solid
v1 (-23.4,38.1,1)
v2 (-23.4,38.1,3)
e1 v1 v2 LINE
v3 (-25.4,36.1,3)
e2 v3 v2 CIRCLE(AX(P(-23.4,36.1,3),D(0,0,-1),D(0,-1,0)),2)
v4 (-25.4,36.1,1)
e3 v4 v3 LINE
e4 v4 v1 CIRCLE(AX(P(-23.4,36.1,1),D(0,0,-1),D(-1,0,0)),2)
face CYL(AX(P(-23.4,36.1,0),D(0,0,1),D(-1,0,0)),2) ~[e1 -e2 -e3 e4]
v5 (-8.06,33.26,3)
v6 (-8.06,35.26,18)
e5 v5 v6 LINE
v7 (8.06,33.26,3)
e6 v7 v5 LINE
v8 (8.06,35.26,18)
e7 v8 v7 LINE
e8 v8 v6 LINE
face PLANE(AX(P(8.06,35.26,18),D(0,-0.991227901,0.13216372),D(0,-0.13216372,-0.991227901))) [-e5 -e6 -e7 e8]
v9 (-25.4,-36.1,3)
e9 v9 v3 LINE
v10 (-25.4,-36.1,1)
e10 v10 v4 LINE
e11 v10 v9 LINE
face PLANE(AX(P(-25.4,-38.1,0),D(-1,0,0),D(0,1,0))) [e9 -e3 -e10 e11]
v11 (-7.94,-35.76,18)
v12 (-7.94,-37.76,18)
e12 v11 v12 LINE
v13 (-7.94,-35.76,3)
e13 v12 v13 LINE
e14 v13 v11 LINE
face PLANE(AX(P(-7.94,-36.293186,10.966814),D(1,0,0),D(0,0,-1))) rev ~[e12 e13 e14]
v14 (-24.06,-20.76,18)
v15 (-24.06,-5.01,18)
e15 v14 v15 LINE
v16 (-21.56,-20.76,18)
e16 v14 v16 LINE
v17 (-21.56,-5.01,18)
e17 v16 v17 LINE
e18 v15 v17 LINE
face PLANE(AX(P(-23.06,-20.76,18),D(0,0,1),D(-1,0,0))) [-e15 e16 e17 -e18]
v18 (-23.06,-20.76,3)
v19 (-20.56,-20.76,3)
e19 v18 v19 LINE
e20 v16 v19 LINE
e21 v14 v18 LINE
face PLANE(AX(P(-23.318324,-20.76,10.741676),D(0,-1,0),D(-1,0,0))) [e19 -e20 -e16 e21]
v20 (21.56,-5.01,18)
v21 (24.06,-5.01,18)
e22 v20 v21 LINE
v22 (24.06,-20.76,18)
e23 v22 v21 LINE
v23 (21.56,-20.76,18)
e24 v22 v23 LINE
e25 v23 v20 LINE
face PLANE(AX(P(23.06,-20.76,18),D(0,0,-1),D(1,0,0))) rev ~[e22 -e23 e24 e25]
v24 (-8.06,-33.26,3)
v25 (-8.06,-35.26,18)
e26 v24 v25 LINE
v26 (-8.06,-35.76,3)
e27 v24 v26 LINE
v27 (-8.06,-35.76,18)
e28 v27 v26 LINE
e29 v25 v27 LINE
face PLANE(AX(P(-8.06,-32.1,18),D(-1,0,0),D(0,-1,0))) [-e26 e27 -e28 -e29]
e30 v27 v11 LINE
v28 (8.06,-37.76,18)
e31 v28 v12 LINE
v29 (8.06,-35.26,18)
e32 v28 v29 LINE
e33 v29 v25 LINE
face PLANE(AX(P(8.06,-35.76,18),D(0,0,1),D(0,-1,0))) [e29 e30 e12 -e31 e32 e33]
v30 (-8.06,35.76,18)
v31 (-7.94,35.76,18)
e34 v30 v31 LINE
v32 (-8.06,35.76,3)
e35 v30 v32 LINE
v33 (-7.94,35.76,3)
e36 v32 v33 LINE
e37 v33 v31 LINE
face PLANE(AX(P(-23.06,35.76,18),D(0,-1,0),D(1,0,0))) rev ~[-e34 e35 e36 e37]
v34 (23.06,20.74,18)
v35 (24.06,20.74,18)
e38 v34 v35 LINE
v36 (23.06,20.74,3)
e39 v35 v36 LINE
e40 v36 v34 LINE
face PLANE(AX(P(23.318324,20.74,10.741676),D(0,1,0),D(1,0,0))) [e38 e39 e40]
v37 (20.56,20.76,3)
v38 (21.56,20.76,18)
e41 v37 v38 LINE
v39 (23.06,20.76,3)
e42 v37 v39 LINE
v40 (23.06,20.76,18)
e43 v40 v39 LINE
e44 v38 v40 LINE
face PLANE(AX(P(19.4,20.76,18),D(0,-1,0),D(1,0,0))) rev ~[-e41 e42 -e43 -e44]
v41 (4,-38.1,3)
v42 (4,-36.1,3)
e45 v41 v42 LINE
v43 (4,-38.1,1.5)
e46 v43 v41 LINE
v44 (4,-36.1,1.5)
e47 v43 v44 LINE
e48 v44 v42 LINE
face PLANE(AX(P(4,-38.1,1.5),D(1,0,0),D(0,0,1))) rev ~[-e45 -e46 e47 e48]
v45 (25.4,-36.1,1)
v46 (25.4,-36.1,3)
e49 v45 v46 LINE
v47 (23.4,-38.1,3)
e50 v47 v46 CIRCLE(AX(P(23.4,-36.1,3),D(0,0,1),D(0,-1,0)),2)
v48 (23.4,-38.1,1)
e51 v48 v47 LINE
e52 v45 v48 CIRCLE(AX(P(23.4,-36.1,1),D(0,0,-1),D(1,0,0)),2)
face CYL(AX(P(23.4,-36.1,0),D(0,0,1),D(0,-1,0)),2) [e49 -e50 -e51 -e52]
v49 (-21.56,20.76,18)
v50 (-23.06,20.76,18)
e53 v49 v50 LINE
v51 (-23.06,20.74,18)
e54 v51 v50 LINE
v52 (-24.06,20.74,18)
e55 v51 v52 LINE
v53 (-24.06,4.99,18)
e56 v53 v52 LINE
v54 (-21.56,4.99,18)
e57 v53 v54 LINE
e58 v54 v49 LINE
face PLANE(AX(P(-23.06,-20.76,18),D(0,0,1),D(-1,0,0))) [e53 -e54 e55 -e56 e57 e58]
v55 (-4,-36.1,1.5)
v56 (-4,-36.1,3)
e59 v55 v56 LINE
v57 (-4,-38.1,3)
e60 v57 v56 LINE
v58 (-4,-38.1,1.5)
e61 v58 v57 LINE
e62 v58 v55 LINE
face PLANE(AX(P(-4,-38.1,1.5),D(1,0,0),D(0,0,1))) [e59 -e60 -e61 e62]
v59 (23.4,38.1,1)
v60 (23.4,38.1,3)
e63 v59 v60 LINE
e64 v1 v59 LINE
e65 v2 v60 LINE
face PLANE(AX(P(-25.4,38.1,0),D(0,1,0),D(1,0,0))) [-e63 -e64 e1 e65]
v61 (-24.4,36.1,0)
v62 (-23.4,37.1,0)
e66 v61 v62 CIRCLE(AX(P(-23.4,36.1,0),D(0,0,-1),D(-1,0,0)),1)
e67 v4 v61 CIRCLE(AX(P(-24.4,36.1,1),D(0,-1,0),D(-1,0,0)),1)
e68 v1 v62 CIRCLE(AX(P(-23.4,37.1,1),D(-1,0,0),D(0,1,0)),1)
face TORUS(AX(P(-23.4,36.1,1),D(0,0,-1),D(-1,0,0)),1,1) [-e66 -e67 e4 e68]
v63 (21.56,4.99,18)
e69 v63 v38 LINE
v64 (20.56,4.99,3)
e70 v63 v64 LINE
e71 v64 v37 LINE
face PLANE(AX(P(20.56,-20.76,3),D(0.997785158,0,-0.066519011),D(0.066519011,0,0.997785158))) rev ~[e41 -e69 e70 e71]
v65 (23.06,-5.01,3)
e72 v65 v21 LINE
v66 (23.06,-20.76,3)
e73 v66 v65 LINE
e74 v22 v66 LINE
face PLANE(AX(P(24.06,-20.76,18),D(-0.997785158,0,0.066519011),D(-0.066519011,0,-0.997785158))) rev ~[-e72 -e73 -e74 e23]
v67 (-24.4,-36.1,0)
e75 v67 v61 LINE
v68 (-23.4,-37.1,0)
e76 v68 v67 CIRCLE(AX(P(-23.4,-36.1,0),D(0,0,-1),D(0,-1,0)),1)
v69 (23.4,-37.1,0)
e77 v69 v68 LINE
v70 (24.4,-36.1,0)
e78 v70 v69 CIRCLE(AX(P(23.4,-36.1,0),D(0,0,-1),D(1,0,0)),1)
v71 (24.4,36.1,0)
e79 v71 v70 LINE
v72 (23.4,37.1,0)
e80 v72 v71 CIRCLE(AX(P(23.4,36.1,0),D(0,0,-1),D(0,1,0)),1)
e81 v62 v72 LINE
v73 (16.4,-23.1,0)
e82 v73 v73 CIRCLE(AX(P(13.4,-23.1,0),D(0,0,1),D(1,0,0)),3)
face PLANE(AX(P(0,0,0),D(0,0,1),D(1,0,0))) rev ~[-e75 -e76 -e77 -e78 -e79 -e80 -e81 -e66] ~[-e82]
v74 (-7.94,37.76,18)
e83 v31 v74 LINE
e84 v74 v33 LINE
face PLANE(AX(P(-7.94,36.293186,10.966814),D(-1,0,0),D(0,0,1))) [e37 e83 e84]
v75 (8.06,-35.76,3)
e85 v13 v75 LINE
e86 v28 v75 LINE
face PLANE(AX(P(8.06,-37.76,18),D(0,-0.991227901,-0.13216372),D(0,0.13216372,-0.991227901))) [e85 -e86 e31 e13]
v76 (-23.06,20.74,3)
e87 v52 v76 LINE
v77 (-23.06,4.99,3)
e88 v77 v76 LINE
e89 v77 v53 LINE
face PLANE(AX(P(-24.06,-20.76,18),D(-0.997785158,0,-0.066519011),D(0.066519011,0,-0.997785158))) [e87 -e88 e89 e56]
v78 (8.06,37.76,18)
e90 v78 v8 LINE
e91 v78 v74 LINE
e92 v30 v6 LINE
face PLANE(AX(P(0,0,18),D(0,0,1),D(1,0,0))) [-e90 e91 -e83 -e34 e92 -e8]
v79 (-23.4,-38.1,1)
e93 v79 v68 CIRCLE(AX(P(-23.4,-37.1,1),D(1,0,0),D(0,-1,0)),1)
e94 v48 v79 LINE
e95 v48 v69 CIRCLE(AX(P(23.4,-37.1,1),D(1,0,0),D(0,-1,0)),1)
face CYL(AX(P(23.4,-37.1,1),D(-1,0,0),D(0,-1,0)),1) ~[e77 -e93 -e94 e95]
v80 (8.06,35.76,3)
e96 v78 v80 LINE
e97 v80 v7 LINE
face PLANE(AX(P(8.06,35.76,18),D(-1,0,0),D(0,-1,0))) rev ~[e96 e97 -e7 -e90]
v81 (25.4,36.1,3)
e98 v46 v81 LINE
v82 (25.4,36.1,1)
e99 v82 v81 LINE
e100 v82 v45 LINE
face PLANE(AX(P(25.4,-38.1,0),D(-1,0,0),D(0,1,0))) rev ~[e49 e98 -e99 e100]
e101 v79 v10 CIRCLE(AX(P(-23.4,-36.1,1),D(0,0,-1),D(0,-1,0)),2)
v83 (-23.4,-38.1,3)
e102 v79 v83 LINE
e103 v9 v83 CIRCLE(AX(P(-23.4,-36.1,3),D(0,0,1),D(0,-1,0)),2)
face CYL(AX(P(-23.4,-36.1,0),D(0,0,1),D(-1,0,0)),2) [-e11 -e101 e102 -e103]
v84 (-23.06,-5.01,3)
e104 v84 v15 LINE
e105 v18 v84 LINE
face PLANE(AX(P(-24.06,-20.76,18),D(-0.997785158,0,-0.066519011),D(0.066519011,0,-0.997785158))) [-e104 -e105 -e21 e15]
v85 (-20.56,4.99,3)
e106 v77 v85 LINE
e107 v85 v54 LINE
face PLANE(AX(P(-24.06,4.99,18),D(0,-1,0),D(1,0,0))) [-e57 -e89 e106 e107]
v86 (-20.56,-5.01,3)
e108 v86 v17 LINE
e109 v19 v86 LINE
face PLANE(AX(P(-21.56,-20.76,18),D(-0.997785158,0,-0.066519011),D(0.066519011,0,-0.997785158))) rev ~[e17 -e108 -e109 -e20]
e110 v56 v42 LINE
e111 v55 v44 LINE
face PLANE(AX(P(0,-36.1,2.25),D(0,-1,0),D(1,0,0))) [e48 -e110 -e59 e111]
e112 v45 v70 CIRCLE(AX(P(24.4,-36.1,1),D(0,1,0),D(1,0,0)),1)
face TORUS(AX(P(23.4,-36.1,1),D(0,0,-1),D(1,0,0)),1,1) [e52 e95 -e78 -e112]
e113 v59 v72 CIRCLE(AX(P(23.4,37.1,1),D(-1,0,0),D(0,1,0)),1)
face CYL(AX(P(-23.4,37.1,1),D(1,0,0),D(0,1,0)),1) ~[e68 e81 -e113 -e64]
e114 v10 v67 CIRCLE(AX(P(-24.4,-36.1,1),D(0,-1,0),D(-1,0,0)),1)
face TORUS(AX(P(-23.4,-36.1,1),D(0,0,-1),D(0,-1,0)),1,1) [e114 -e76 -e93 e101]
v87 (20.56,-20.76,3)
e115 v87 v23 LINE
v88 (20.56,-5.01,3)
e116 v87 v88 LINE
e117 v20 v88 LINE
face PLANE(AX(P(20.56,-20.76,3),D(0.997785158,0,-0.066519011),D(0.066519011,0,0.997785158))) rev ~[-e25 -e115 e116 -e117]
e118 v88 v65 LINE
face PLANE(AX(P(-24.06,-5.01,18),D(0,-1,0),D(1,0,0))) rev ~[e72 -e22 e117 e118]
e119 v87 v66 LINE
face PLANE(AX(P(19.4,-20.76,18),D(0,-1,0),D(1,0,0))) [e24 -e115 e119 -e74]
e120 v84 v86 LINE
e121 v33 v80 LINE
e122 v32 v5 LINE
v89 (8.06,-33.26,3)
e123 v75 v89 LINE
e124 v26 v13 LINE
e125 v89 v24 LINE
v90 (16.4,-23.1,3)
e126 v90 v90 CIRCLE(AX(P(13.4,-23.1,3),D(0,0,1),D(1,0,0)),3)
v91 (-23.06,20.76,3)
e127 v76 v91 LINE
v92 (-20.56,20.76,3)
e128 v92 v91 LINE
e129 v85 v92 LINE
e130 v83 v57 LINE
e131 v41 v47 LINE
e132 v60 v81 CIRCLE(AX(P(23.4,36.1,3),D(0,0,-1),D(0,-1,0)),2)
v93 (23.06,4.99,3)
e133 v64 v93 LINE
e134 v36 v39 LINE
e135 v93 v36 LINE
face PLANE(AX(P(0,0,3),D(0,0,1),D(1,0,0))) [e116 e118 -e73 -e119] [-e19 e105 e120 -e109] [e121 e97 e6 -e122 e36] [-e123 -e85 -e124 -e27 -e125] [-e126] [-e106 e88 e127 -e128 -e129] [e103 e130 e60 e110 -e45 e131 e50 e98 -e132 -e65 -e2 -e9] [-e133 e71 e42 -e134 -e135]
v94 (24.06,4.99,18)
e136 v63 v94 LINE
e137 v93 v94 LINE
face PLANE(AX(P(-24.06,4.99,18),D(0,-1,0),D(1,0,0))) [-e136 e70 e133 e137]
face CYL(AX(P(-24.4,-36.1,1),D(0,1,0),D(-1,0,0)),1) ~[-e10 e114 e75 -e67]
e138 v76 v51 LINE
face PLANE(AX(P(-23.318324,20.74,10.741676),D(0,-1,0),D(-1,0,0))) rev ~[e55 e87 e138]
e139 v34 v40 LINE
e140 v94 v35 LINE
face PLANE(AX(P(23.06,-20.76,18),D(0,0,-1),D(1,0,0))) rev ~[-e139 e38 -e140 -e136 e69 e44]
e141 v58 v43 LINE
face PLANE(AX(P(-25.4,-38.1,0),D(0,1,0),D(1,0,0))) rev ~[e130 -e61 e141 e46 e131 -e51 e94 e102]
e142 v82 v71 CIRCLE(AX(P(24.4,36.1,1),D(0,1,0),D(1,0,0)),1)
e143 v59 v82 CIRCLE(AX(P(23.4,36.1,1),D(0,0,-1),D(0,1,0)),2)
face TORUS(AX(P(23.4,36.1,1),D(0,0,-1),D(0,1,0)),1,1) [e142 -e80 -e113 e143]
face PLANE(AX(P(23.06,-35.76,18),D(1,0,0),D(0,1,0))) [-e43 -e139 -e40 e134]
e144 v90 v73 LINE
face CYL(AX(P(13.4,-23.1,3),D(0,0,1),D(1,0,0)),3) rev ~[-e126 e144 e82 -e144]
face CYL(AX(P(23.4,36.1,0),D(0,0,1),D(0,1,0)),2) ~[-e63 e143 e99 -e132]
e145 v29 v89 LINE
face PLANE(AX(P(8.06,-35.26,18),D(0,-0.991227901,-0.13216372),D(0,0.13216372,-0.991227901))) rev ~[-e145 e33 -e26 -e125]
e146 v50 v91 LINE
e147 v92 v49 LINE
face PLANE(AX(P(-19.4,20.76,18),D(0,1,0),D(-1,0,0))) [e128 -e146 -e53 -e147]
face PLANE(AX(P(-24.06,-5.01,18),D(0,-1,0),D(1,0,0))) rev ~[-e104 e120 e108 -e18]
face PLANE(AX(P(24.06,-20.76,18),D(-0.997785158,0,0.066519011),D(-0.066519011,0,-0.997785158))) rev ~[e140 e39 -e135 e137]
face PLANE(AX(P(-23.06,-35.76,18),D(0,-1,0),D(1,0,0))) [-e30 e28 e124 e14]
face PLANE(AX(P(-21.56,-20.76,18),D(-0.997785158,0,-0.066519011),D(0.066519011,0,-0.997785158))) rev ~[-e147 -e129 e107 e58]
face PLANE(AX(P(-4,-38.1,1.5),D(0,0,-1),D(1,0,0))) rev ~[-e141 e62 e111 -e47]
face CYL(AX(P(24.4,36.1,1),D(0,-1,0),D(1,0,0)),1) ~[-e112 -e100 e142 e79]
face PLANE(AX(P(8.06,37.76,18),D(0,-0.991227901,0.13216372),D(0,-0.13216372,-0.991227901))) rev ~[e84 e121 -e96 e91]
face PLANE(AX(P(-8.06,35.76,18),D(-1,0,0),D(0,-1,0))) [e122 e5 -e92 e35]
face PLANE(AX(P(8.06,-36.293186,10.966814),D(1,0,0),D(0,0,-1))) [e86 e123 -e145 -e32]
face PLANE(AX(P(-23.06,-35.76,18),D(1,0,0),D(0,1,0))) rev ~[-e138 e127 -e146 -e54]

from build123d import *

# Parameters (mm, degrees)
CROQUIS1_W              = 50.8
CROQUIS1_H              = 76.2
SALIENTE_EXTRUIR1_DEPTH = 18
CROQUIS2_W              = 50.8
CROQUIS2_H              = 76.2
CROQUIS2_W_2            = 46.12
CROQUIS2_H_2            = 71.52
CROQUIS2_W_3            = 38.8
CROQUIS2_H_3            = 64.2
CORTAR_EXTRUIR1_DEPTH   = 15
CORTAR_EXTRUIR8_DEPTH   = 15
SALIENTE_EXTRUIR3_DEPTH = 41.5
CORTAR_EXTRUIR9_DEPTH   = 51.5
CORTAR_EXTRUIR10_DEPTH  = 51.5
SALIENTE_EXTRUIR4_DEPTH = 16
CORTAR_EXTRUIR11_DEPTH  = 16.5
REDONDEO3_R             = 2
REDONDEO4_R             = 1
CROQUIS15_W             = 48.12
CROQUIS15_H             = 10
CORTAR_EXTRUIR12_DEPTH  = 15
CROQUIS16_W             = 8
CROQUIS16_H             = 1.5
CORTAR_EXTRUIR13_DEPTH  = 2
CROQUIS17_R             = 3
CORTAR_EXTRUIR14_DEPTH  = 10


with BuildPart() as part:
    # Croquis1 → Saliente-Extruir1 (new body)
    with BuildSketch(Plane.XY):
        Rectangle(CROQUIS1_W, CROQUIS1_H)
    extrude(amount=SALIENTE_EXTRUIR1_DEPTH)

    # Croquis2 → Cortar-Extruir1 (cut)
    # profile 1 of 2: a face of its own
    with BuildSketch(Plane.XY.offset(18)):
        Rectangle(CROQUIS2_W, CROQUIS2_H)
        Rectangle(CROQUIS2_W_2, CROQUIS2_H_2, mode=Mode.SUBTRACT)
    # profile 2 of 2: a face of its own
    with BuildSketch(Plane.XY.offset(18)):
        Rectangle(CROQUIS2_W_3, CROQUIS2_H_3)
    extrude(amount=-CORTAR_EXTRUIR1_DEPTH, mode=Mode.SUBTRACT)

    # Croquis6 → Cortar-Extruir8 (cut)
    with BuildSketch(Plane.XY.offset(18)):
        Polygon((-23.06, 35.76), (-8.06, 35.76), (-8.06, 32.1), (-19.4, 32.1), (-19.4, 20.76), (-23.06, 20.76), align=None)
        Polygon((23.06, 35.76), (8.06, 35.76), (8.06, 32.1), (19.4, 32.1), (19.4, 20.76), (23.06, 20.76), align=None)
        Polygon((-23.06, -35.76), (-23.06, -20.76), (-19.4, -20.76), (-19.4, -32.1), (-8.06, -32.1), (-8.06, -35.76), align=None)
        Polygon((23.06, -35.76), (8.06, -35.76), (8.06, -32.1), (19.4, -32.1), (19.4, -20.76), (23.06, -20.76), align=None)
    extrude(amount=-CORTAR_EXTRUIR8_DEPTH, mode=Mode.SUBTRACT)

    # Croquis10 → Saliente-Extruir3 (add)
    with BuildSketch(Plane(origin=(0, -20.76, 0), x_dir=(-1, 0, 0), z_dir=(0, -1, 0))):
        Polygon((23.06, -18), (24.06, -18), (23.06, -3), align=None)
        Polygon((-23.06, -18), (-24.06, -18), (-23.06, -3), align=None)
    extrude(amount=-SALIENTE_EXTRUIR3_DEPTH)

    # Croquis11 → Cortar-Extruir9 (cut)
    with BuildSketch(Plane.XZ.offset(20.76)):
        Polygon((-19.4, 18), (-21.56, 18), (-20.56, 3), (-19.4, 3), align=None)
    extrude(amount=-CORTAR_EXTRUIR9_DEPTH, mode=Mode.SUBTRACT)

    # Croquis12 → Cortar-Extruir10 (cut)
    with BuildSketch(Plane.XZ.offset(20.76)):
        Polygon((19.4, 18), (19.4, 3), (20.56, 3), (21.56, 18), align=None)
    extrude(amount=-CORTAR_EXTRUIR10_DEPTH, mode=Mode.SUBTRACT)

    # Croquis13 → Saliente-Extruir4 (add)
    with BuildSketch(Plane(origin=(8.06, 0, 0), x_dir=(0, 0, -1), z_dir=(1, 0, 0))):
        Polygon((-18, -35.76), (-18, -37.76), (-3, -35.76), align=None)
        Polygon((-18, 35.76), (-18, 37.76), (-3, 35.76), align=None)
    extrude(amount=-SALIENTE_EXTRUIR4_DEPTH)

    # Croquis14 → Cortar-Extruir11 (cut)
    with BuildSketch(Plane(origin=(8.06, 0, 0), x_dir=(0, 0, -1), z_dir=(1, 0, 0))):
        Polygon((-3, -32.1), (-18, -32.1), (-18, -35.26), (-3, -33.26), align=None)
        Polygon((-18, 32.1), (-18, 35.26), (-3, 33.26), (-3, 32.1), align=None)
    extrude(amount=-CORTAR_EXTRUIR11_DEPTH, mode=Mode.SUBTRACT)

    # Redondeo3
    redondeo3_edges = [part.edges().sort_by_distance(p)[0] for p in [
        (-25.4, 38.1, 1.5),
        (25.4, 38.1, 1.5),
        (25.4, -38.1, 1.5),
        (-25.4, -38.1, 1.5),
    ]]
    fillet(redondeo3_edges, radius=REDONDEO3_R)

    # Redondeo4
    redondeo4_edges = [part.edges().sort_by_distance(p)[0] for p in [
        (0, 38.1, 0),
        (-25.4, 0, 0),
        (25.4, 0, 0),
        (0, -38.1, 0),
        (24.814213562, -37.514213562, 0),
        (-24.814213562, -37.514213562, 0),
        (-24.814213562, 37.514213562, 0),
        (24.814213562, 37.514213562, 0),
    ]]
    fillet(redondeo4_edges, radius=REDONDEO4_R)

    # Croquis15 → Cortar-Extruir12 (cut)
    with BuildSketch(Plane.XY.offset(18)):
        with Locations((0, -0.01)):
            Rectangle(CROQUIS15_W, CROQUIS15_H)
    extrude(amount=-CORTAR_EXTRUIR12_DEPTH, mode=Mode.SUBTRACT)

    # Croquis16 → Cortar-Extruir13 (cut)
    with BuildSketch(Plane.XZ.offset(38.1)):
        with Locations((0, 2.25)):
            Rectangle(CROQUIS16_W, CROQUIS16_H)
    extrude(amount=-CORTAR_EXTRUIR13_DEPTH, mode=Mode.SUBTRACT)

    # Croquis17 → Cortar-Extruir14 (cut)
    with BuildSketch(Plane.XY.offset(3)):
        with Locations((13.4, -23.1)):
            Circle(CROQUIS17_R)
    extrude(amount=-CORTAR_EXTRUIR14_DEPTH, mode=Mode.SUBTRACT)


solid = part.part
